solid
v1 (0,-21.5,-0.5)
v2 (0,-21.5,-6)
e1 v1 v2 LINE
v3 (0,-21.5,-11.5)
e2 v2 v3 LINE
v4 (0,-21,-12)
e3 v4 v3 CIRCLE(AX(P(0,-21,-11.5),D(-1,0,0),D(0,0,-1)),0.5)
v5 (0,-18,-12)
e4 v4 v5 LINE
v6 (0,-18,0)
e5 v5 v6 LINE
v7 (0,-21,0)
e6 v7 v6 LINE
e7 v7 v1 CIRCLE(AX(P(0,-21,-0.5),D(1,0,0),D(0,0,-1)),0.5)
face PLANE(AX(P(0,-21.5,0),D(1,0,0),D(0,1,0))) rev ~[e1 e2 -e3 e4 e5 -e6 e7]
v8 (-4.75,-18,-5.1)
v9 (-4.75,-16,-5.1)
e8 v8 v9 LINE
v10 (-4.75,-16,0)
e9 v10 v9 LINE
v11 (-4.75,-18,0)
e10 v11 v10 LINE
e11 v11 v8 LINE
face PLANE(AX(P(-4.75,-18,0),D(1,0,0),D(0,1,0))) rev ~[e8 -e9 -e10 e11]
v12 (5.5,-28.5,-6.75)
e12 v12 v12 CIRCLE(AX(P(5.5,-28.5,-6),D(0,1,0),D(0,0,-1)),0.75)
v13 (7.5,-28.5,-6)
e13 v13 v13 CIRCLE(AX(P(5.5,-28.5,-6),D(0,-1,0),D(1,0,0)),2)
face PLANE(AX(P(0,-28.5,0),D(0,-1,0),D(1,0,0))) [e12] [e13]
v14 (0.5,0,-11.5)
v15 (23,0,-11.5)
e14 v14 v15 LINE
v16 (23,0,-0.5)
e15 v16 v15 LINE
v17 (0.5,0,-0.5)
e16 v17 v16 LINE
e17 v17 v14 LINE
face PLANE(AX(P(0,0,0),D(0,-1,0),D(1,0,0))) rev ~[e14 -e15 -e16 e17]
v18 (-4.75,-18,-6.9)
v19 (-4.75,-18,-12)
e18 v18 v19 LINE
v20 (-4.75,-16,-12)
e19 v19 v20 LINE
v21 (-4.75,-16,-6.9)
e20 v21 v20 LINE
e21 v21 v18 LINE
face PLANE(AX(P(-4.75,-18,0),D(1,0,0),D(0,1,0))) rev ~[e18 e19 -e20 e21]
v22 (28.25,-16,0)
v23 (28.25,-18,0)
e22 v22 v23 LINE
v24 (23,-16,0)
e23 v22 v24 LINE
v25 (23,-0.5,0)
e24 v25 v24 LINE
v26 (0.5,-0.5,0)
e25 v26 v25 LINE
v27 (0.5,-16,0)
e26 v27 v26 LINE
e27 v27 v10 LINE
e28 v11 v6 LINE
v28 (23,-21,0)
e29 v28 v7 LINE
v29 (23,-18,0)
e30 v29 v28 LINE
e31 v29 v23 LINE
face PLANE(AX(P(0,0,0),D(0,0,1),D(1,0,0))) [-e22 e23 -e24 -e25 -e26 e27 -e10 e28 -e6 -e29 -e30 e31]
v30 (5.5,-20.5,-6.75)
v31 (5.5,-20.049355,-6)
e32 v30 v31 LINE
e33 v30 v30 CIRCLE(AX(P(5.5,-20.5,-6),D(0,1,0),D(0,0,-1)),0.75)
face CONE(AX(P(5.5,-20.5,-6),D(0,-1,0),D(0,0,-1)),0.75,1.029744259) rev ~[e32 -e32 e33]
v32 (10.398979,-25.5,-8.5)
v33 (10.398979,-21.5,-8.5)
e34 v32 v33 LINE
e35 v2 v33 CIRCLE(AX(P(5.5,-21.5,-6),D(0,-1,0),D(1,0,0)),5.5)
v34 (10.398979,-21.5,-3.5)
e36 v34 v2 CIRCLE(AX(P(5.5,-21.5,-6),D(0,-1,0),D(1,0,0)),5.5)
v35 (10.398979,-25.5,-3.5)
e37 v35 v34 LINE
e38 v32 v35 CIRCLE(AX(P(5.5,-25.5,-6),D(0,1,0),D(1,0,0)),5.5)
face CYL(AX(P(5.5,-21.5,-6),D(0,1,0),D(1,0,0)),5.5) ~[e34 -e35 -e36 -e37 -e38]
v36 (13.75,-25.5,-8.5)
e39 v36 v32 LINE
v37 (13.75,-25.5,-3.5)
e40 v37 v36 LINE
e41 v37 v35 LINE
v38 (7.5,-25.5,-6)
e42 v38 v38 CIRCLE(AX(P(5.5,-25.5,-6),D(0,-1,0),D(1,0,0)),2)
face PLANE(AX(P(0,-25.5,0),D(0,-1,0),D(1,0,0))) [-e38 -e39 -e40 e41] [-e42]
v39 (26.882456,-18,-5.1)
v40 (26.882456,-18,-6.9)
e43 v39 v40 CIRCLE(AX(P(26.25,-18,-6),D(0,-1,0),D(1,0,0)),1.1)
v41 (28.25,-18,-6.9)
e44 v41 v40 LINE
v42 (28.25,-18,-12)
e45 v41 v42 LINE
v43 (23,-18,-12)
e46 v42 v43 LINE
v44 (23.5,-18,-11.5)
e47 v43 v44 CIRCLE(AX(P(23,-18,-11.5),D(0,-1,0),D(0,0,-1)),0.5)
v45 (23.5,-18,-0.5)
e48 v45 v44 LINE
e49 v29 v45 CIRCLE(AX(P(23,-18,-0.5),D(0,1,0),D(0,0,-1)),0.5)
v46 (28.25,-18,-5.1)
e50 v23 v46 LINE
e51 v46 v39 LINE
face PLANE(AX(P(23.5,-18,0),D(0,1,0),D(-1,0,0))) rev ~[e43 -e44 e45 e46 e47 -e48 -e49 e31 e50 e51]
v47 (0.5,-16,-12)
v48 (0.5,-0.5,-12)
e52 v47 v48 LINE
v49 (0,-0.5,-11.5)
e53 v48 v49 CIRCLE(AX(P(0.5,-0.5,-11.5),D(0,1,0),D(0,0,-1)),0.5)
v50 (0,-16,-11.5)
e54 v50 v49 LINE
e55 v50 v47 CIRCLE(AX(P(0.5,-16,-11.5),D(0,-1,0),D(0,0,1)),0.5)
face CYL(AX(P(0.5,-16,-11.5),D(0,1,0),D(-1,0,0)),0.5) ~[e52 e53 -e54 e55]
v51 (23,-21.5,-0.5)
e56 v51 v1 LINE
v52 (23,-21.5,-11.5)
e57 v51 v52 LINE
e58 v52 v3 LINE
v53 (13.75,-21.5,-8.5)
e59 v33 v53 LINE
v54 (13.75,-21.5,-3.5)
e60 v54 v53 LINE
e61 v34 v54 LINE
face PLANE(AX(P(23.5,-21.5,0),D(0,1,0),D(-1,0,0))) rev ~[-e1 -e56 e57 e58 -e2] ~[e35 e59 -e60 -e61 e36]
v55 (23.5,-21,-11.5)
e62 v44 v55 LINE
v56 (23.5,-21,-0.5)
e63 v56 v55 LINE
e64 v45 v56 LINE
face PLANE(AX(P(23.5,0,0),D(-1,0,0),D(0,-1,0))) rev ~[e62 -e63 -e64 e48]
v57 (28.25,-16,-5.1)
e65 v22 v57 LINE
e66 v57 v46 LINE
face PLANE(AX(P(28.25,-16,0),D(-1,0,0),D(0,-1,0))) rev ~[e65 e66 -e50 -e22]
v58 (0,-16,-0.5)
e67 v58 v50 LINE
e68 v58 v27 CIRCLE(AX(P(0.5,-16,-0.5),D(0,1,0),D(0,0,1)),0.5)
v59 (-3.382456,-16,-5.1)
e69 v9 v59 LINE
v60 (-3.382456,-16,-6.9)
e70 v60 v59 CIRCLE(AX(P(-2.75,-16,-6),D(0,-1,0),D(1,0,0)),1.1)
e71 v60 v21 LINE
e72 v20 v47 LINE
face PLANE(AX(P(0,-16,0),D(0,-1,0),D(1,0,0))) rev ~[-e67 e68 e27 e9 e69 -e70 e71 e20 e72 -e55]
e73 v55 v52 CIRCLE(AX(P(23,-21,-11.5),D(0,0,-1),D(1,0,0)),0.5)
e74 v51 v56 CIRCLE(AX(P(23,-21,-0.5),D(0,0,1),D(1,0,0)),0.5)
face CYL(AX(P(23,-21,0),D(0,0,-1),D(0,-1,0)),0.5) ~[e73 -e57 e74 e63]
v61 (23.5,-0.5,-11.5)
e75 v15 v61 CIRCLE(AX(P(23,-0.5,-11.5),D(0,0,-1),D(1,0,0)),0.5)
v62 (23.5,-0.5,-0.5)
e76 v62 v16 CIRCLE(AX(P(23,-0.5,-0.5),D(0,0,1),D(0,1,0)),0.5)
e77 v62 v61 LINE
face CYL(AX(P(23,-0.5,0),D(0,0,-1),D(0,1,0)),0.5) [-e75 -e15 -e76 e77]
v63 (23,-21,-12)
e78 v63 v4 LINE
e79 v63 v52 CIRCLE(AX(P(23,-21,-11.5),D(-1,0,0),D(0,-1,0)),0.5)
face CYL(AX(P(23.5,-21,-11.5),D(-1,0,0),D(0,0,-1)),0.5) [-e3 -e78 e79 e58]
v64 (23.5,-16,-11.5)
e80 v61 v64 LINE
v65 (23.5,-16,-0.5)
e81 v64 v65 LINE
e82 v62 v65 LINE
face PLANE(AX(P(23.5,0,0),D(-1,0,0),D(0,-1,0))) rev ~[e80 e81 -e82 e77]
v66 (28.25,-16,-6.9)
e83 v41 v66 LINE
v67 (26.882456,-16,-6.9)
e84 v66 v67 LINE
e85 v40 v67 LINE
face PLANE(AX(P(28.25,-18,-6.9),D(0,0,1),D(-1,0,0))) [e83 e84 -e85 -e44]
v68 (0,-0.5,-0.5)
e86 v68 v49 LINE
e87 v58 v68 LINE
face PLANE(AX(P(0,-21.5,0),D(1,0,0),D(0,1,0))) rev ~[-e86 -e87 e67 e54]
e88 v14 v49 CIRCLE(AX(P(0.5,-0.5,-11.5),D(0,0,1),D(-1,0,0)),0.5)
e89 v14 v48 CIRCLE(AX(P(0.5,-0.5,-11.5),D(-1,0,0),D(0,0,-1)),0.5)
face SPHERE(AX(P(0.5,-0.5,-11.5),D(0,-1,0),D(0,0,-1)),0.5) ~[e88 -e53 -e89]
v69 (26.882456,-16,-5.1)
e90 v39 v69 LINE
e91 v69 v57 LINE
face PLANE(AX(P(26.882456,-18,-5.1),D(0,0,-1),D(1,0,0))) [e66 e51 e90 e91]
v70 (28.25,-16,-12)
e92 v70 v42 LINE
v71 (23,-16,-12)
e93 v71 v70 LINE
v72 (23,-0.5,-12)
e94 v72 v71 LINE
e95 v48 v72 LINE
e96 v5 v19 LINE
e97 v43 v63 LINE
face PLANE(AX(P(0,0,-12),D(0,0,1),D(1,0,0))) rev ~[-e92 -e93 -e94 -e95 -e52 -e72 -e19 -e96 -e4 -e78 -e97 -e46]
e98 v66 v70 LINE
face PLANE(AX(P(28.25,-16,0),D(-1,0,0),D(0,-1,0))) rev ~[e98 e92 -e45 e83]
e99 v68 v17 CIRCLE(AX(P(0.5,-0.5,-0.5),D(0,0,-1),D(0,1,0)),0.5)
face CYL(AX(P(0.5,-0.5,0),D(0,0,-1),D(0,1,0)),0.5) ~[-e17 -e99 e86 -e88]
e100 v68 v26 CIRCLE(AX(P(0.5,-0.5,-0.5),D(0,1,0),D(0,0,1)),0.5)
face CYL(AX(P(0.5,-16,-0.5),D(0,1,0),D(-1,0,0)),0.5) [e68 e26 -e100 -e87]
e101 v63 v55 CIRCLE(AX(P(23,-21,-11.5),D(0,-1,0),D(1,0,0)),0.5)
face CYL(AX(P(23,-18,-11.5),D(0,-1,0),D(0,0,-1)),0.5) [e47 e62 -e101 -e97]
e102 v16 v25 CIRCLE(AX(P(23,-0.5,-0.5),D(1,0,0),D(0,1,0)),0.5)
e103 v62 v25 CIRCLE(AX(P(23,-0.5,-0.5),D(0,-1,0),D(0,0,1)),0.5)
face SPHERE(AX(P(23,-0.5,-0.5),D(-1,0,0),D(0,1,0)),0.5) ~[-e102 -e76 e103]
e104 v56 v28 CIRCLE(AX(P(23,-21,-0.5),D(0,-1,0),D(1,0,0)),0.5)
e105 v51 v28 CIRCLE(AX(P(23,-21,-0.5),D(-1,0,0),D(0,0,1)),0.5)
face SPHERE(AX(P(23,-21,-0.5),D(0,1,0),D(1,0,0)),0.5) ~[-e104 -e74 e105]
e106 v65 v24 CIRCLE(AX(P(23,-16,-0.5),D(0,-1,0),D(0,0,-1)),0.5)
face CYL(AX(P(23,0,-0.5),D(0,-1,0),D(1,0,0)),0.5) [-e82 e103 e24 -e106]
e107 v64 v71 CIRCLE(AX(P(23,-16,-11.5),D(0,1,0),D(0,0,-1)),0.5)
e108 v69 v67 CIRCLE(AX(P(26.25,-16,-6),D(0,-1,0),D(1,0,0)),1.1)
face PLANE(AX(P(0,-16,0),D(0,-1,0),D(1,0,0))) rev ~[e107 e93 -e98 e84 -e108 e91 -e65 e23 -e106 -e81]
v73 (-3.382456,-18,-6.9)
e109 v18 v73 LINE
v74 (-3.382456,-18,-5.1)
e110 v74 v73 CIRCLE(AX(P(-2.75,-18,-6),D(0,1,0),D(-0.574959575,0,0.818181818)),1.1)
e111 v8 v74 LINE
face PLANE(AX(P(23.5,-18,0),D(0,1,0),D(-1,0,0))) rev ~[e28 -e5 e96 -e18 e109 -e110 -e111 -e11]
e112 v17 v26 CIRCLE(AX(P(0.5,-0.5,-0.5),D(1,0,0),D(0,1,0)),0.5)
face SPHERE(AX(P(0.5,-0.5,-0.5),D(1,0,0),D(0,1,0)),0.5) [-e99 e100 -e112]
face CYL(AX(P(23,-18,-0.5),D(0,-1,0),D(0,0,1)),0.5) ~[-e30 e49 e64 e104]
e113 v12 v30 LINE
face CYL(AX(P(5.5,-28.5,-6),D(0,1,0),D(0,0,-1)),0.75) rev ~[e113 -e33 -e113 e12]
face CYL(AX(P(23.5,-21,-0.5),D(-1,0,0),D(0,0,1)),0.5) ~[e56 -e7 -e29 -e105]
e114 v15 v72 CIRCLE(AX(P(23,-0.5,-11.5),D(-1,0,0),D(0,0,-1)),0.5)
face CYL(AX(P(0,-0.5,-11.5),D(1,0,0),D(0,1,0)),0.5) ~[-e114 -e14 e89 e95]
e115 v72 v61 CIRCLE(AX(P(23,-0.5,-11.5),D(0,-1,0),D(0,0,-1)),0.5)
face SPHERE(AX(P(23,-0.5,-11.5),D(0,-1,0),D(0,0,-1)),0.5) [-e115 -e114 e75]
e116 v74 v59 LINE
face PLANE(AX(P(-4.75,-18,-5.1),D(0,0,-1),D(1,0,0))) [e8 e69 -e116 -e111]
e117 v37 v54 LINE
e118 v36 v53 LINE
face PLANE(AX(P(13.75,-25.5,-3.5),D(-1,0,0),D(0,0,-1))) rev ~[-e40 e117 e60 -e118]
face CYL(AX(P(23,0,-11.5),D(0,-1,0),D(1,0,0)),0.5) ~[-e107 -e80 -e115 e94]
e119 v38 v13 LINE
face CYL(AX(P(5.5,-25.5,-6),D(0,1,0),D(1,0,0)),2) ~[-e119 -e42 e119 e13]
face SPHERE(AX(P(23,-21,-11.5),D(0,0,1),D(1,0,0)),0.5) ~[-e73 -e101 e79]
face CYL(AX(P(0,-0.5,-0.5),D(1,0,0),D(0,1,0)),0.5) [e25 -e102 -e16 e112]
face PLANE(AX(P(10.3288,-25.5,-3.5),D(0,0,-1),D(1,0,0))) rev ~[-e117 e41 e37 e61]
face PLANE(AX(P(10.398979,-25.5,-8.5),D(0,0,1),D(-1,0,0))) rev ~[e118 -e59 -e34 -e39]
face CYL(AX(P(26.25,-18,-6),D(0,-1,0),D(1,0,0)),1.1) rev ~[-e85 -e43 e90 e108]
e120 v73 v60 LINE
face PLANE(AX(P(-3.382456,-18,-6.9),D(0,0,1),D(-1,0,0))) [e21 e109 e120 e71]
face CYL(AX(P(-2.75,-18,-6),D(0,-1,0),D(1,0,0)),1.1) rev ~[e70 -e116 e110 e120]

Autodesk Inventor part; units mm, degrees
ref_plane "YZ Plane" through (0, 0, 0) normal (1, 0, 0) x (0, 1, 0)
ref_plane "XZ Plane" through (0, 0, 0) normal (0, 1, 0) x (-1, 0, 0)
ref_plane "XY Plane" through (0, 0, 0) normal (0, 0, 1) x (1, 0, 0)
sketch "Sketch1" plane through (0, 0, 0) normal (0, 0, 1) x (1, 0, 0)
  line L0 (0, 0) -> (23.5, 0)
  line L1 (23.5, 0) -> (23.5, -21.5)
  line L2 (23.5, -21.5) -> (0, -21.5)
  line L3 (0, -21.5) -> (0, 0)
  dimension "d0" = 23.5
  dimension "d1" = 21.5
extrude "Extrusion1" add sketch "Sketch1" against normal blind 12
sketch "Sketch2" plane through (0, 0, 0) normal (0, 0, 1) x (1, 0, 0)
  line L0 (0, 0) -> (23.5, 0) projected
  line L1 (0, -21.5) -> (0, 0) projected
  line L2 (23.5, 0) -> (23.5, -21.5) projected
  line L3 (-4.75, -16) -> (28.25, -16)
  line L4 (28.25, -16) -> (28.25, -18)
  line L5 (28.25, -18) -> (-4.75, -18)
  line L6 (-4.75, -18) -> (-4.75, -16)
  dimension "d4" = 16
  dimension "d5" = 4.75
  dimension "d6" = 4.75
  dimension "d7" = 2
extrude "Extrusion2" add sketch "Sketch2" against normal blind 12 contours L3 L2 L5 L1 | L1 L5 L6 L3 | L3 L4 L5 L2
sketch "Sketch3" plane through (0, -21.5, 0) normal (0, -1, 0) x (1, 0, 0)
  line L0 (0, 0) -> (0, -12) projected
  circle A0 centre (5.5, -6) radius 5.5
  dimension "d10" = 5.5
  dimension "d11" = 11
extrude "Extrusion3" add sketch "Sketch3" along normal blind 4
sketch "Sketch4" plane through (5.5, -25.5, -6) normal (0, -1, 0) x (1, 0, 0)
  circle A0 centre (0, 0) radius 5.5 projected
  line L0 (4.8288, 2.5) -> (8.25, 2.5)
  line L1 (8.25, 2.5) -> (8.25, -2.5)
  line L2 (8.25, -2.5) -> (4.8288, -2.5)
  line L3 (4.8288, -2.5) -> (4.8288, 2.5)
  point P0 (-5.5, 6)
  point P1 (8.25, 0)
  dimension "d15" = 5
  dimension "d17" = 8.25
extrude "Extrusion4" add sketch "Sketch4" against normal blind 4 contours A0 L2 L3 L0 | A0 L0 L1 L2 picked at (4.9626, -0.5673)
sketch "Sketch5" plane through (0, -25.5, 0) normal (0, -1, 0) x (1, 0, 0)
  arc A0 (10.399, -3.5) -> (10.399, -8.5) centre (5.5, -6) ccw projected
  circle A1 centre (5.5, -6) radius 2
  point P0 (0, 0)
  dimension "d20" = 4
extrude "Extrusion5" add sketch "Sketch5" along normal blind 3
sketch "Sketch6" plane through (-4.75, -18, 0) normal (0, -1, 0) x (1, 0, 0)
  line L0 (4.75, 0) -> (4.75, -12) projected
  line L1 (0, 0) -> (0, -12) projected
  line L2 (28.25, -12) -> (28.25, 0) projected
  line L3 (33, -12) -> (28.25, -12) projected
  line L4 (33, 0) -> (33, -12) projected
  line L5 (33, 0) -> (28.25, 0) projected
  circle A0 centre (2, -6) radius 1.1
  circle A1 centre (31, -6) radius 1.1
  line L6 (-3.3152, -5.1) -> (1.5271, -5.1)
  line L7 (1.5271, -5.1) -> (1.5271, -6.9)
  line L8 (1.5271, -6.9) -> (-3.3152, -6.9)
  line L9 (-3.3152, -6.9) -> (-3.3152, -5.1)
  line L10 (31.5226, -5.1) -> (37.6277, -5.1)
  line L11 (37.6277, -5.1) -> (37.6277, -6.9)
  line L12 (37.6277, -6.9) -> (31.5226, -6.9)
  line L13 (31.5226, -6.9) -> (31.5226, -5.1)
  point P0 (4.75, -6)
  point P1 (1.5271, -6)
  point P2 (28.25, -6)
  point P3 (31.5226, -6)
  dimension "d24" = 2.2
  dimension "d26" = 2
  dimension "d27" = 2
  dimension "d28" = 2.2
  dimension "d29" = 1.8
  dimension "d30" = 1.8
extrude "Extrusion6" cut sketch "Sketch6" against normal through all contours L6 A0 L8 L1 | L1 L8 L9 L6 | L6 L7 L8 A0 | A0 L8 L7 L6 | L12 A1 L10 L4 | L4 L10 L11 L12 | L12 L13 L10 A1 | A1 L10 L13 L12
fillet "Fillet1" radius 0.5 13 edges at (0, -8, -12) (23.5, -8, -12) (11.75, 0, -12) (11.75, 0, 0) (0, 0, -6) (23.5, 0, -6) (0, -8, 0) (23.5, -8, 0) (23.5, -19.75, 0) (23.5, -21.5, -6) (23.5, -19.75, -12) (11.75, -21.5, -12) (11.75, -21.5, 0)
sketch "Sketch7" plane through (5.5, -28.5, -6) normal (0, -1, 0) x (1, 0, 0)
  circle A0 centre (0, 0) radius 2 projected
  point P0 (-5.5, 6)
hole "Hole1" at (5.5, -28.5, -6) direction (0, 1, 0) diameter 1.5 depth 8 tip angle 118
equation "\"d6\" = d5"
properties part number "Servo Motor"
